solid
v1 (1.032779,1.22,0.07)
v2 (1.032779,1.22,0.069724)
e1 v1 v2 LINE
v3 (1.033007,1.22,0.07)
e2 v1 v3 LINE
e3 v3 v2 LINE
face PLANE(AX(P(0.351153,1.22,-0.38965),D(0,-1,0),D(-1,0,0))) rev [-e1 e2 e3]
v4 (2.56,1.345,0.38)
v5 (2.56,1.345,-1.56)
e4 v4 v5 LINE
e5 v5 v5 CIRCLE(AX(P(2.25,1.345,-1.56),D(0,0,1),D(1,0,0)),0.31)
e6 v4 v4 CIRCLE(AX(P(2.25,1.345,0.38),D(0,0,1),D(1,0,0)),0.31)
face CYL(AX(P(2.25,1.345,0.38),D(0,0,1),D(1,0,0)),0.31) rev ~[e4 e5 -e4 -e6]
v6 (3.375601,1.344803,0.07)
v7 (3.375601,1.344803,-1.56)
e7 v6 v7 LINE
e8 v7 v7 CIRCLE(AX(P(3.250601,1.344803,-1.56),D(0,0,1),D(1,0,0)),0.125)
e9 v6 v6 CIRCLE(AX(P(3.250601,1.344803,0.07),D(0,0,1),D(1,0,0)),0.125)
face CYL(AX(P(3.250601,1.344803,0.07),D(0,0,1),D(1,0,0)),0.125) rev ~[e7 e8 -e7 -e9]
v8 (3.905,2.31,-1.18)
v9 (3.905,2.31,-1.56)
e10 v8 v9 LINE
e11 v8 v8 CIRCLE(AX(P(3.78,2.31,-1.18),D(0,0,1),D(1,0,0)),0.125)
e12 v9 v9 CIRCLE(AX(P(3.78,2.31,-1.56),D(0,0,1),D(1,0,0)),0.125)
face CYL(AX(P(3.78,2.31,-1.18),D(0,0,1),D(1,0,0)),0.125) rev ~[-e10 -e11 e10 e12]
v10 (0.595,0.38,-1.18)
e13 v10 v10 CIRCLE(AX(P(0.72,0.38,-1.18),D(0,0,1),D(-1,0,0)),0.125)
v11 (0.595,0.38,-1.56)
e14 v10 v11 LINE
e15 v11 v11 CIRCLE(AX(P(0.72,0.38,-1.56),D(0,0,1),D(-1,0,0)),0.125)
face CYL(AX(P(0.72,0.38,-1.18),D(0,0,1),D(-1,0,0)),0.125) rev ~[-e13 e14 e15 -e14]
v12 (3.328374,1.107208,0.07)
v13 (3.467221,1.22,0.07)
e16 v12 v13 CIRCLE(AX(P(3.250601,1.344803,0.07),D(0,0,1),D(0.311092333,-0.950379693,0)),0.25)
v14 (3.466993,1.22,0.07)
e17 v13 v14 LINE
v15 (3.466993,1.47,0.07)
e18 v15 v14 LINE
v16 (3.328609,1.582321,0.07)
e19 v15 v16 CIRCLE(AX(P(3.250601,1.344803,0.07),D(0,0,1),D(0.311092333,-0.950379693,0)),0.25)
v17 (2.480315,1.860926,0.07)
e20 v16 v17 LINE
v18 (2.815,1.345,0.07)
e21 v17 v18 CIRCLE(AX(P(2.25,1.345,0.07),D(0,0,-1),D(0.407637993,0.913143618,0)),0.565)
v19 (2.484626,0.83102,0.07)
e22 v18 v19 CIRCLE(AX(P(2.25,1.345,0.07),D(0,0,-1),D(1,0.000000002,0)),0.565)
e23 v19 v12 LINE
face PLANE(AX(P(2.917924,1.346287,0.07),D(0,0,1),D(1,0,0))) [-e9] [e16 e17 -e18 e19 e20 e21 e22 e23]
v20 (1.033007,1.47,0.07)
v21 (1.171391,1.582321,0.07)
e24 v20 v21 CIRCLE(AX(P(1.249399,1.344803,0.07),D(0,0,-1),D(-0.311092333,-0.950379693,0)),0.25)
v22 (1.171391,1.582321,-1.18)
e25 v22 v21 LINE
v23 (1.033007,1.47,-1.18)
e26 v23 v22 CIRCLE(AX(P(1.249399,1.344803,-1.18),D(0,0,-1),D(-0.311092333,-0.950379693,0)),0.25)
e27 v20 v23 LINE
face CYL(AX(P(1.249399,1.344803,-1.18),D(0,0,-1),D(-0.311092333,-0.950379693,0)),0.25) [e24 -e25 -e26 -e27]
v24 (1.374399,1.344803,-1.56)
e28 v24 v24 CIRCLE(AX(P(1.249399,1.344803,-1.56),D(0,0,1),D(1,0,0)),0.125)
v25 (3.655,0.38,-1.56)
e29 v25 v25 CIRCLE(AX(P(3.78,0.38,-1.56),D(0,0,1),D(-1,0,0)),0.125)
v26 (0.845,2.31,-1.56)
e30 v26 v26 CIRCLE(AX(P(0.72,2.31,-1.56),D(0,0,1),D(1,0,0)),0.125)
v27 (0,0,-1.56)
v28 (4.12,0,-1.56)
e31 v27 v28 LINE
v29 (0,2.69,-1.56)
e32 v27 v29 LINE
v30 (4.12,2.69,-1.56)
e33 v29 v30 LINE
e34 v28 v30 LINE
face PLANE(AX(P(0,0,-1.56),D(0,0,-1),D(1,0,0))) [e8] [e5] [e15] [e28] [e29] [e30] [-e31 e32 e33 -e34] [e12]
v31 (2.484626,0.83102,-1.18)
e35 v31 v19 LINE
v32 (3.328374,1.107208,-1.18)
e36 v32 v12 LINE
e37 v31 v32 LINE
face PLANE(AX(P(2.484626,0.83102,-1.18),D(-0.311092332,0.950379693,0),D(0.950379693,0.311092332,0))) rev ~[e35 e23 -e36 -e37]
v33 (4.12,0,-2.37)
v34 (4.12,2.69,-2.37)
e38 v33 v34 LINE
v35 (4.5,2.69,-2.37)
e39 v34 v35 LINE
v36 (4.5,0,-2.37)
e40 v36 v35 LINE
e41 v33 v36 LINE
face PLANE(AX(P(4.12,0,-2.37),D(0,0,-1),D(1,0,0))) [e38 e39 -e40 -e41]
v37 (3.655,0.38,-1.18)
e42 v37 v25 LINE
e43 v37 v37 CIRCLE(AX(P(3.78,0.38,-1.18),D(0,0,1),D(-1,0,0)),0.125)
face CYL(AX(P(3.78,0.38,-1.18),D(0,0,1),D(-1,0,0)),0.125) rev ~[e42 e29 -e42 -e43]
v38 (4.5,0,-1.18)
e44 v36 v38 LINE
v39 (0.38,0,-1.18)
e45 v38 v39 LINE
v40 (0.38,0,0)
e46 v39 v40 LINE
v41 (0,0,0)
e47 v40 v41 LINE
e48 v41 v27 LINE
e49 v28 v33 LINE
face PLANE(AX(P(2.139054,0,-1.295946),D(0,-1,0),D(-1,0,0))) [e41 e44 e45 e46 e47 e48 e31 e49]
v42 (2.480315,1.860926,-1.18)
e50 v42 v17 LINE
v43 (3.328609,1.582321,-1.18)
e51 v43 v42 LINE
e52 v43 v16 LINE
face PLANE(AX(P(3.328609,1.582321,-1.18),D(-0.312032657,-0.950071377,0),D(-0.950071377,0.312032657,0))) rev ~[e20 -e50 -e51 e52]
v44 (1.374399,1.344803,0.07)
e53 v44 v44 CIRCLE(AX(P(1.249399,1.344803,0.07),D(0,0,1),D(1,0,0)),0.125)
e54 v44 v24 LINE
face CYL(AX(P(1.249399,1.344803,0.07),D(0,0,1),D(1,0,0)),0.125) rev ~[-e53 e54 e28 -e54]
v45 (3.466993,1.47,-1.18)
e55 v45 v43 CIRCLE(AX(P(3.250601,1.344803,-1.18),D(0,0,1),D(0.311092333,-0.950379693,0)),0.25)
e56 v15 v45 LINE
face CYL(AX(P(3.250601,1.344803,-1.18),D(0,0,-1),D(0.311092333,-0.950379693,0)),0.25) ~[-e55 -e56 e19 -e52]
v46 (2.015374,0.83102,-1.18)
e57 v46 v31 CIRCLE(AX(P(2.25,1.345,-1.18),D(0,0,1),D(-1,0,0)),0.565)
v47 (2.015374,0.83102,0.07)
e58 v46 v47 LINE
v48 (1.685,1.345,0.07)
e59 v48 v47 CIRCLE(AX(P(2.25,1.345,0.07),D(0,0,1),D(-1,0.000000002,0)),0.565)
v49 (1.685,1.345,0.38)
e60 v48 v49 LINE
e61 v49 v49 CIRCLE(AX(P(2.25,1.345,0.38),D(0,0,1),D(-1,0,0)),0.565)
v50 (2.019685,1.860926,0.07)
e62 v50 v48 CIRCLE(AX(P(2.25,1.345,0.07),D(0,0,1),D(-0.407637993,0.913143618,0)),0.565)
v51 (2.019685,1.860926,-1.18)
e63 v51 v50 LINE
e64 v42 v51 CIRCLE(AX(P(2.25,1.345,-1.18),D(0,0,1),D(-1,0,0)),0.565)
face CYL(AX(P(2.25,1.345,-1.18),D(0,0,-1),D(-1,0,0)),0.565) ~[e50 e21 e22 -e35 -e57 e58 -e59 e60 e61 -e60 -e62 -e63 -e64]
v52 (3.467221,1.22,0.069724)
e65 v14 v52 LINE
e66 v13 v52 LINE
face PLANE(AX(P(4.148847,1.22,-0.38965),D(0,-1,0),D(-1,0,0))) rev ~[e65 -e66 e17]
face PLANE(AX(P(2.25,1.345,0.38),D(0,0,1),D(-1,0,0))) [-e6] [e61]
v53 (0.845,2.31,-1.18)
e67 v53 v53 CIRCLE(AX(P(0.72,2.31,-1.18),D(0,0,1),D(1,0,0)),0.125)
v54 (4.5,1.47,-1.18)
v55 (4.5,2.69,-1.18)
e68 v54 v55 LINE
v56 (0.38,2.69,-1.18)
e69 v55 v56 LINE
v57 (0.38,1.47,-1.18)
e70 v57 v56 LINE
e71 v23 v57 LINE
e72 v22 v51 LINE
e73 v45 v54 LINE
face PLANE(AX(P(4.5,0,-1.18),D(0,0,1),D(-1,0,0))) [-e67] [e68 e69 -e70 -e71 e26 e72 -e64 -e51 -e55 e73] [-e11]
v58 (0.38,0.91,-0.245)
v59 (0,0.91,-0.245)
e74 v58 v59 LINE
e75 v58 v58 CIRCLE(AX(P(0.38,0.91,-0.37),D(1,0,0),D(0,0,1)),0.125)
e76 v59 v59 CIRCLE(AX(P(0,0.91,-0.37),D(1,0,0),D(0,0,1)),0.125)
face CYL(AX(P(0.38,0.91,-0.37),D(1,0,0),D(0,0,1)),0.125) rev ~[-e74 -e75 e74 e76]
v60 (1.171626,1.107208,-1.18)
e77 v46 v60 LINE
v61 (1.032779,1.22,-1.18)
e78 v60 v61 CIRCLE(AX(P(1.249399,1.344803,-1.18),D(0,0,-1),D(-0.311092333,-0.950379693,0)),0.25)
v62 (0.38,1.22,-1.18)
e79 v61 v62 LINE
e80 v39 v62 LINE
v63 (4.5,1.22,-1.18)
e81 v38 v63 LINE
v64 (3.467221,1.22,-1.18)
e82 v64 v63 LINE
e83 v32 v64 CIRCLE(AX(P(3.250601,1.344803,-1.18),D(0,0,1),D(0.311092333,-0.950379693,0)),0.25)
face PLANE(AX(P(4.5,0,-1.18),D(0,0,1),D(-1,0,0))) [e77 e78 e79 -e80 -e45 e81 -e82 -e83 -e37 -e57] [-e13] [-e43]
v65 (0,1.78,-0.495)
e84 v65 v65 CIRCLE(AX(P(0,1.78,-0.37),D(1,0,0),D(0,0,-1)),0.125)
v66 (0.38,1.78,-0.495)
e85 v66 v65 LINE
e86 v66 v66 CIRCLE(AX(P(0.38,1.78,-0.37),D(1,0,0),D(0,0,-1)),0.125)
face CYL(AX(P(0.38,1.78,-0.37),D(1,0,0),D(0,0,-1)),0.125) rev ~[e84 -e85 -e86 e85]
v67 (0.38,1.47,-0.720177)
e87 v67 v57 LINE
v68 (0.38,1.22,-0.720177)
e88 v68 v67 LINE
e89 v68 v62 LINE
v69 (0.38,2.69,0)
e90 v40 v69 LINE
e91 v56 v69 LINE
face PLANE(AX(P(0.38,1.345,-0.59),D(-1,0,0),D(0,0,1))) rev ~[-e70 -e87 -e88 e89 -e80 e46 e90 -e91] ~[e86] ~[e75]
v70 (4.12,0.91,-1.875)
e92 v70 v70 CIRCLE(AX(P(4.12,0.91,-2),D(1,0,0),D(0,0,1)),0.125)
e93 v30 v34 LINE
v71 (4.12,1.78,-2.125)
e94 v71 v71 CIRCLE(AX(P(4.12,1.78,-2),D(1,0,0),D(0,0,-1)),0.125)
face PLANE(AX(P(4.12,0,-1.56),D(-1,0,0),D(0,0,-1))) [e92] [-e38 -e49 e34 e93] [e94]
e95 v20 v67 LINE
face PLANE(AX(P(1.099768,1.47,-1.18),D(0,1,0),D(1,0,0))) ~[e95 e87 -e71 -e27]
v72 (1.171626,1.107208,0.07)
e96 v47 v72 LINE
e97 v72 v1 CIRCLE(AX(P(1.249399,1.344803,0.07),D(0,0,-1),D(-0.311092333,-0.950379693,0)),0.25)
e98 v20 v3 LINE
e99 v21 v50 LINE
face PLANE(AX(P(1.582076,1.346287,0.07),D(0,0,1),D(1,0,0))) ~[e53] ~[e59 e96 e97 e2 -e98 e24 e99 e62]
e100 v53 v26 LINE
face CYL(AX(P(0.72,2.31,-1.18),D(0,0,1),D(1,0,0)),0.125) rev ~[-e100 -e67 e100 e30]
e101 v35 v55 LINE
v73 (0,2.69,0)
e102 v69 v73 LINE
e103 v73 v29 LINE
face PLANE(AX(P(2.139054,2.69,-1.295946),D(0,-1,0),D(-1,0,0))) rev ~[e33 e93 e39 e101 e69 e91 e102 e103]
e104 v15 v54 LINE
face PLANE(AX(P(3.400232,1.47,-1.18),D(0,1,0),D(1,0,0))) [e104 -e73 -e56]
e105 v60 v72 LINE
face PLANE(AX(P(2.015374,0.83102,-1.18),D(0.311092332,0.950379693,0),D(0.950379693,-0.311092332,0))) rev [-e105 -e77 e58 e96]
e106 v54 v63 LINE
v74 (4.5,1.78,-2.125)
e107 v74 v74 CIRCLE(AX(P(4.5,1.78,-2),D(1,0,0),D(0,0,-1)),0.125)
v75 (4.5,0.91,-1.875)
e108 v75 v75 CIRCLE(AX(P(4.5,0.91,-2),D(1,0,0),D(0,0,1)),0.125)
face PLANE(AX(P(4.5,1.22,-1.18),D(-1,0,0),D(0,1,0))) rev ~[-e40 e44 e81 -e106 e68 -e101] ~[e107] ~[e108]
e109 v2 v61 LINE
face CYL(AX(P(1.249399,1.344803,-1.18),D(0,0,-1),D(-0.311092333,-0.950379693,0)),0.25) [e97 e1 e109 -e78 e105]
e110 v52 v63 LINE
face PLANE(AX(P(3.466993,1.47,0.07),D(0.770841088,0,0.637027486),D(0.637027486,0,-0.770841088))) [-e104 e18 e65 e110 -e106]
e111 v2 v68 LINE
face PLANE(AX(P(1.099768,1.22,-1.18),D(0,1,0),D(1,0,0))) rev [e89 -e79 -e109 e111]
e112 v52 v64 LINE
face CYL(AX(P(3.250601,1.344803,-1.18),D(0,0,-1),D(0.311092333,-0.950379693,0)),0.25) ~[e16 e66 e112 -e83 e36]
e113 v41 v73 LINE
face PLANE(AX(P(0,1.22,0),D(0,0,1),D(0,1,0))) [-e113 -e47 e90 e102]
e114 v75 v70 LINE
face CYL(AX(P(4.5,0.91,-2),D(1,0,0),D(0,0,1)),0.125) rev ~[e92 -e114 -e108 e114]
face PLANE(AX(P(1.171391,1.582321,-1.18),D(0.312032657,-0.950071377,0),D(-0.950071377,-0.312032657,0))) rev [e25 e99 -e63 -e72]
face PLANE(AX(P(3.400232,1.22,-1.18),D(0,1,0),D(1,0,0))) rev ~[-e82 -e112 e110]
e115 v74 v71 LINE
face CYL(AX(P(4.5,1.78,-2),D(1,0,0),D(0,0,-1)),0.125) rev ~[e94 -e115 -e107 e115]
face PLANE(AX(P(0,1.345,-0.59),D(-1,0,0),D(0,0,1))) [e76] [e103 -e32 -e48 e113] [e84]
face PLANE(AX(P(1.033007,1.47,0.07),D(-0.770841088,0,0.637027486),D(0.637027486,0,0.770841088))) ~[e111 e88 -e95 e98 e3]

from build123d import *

# Parameters (mm, degrees)
BOSS_EXTRUDE1_DEPTH  = 2.69
SKETCH3_R            = 0.125
CUT_EXTRUDE2_DEPTH   = 10
SKETCH5_R            = 0.125
CUT_EXTRUDE4_DEPTH   = 10
SKETCH2_R            = 0.125
CUT_EXTRUDE5_DEPTH   = 10
SKETCH6_R            = 0.565
BOSS_EXTRUDE2_DEPTH  = 1.56
SKETCH8_R            = 0.31
CUT_EXTRUDE6_DEPTH   = 10
BOSS_EXTRUDE7_DEPTH  = 1.25
SKETCH22_R           = 0.125
CUT_EXTRUDE8_DEPTH   = 10
SKETCH23_R           = 0.125
CUT_EXTRUDE9_DEPTH   = 10
SKETCH25_W           = 1.099767666
SKETCH25_H           = 0.25
BOSS_EXTRUDE8_DEPTH  = 1.25
CUT_EXTRUDE13_DEPTH  = 0.25
SKETCH30_W           = 1.18
SKETCH30_H           = 0.25
BOSS_EXTRUDE10_DEPTH = 0.38


with BuildPart() as part:
    # Sketch1 → Boss-Extrude1 (new body)
    with BuildSketch(Plane(origin=(0, 0, 0), x_dir=(1, 0, 0), z_dir=(0, 1, 0))):
        Polygon((0, 0), (0, 1.56), (4.12, 1.56), (4.12, 2.37), (4.5, 2.37), (4.5, 1.18), (0.38, 1.18), (0.38, 0), align=None)
    extrude(amount=BOSS_EXTRUDE1_DEPTH)

    # Sketch3 → Cut-Extrude2 (cut)
    with BuildSketch(Plane(origin=(4.5, 0, 0), x_dir=(0, 0, -1), z_dir=(1, 0, 0))):
        with Locations((2, 1.78)):
            Circle(SKETCH3_R)
        with Locations(Location((2, 0.91, 0), (0, 0, 180))):
            Circle(SKETCH3_R)
    extrude(amount=-CUT_EXTRUDE2_DEPTH, mode=Mode.SUBTRACT)

    # Sketch5 → Cut-Extrude4 (cut)
    with BuildSketch(Plane(origin=(0.38, 0, 0), x_dir=(0, 0, -1), z_dir=(1, 0, 0))):
        with Locations((0.37, 1.78)):
            Circle(SKETCH5_R)
        with Locations(Location((0.37, 0.91, 0), (0, 0, 180))):
            Circle(SKETCH5_R)
    extrude(amount=-CUT_EXTRUDE4_DEPTH, mode=Mode.SUBTRACT)

    # Sketch2 → Cut-Extrude5 (cut)
    with BuildSketch(Plane.XY.offset(-1.18)):
        with Locations((3.78, 2.31)):
            Circle(SKETCH2_R)
        with Locations(Location((3.78, 0.38, 0), (0, 0, 180))):
            Circle(SKETCH2_R)
        with Locations((0.72, 2.31)):
            Circle(SKETCH2_R)
        with Locations(Location((0.72, 0.38, 0), (0, 0, 180))):
            Circle(SKETCH2_R)
    extrude(amount=-CUT_EXTRUDE5_DEPTH, mode=Mode.SUBTRACT)

    # Sketch6 → Boss-Extrude2 (add)
    with BuildSketch(Plane.XY.offset(-1.18)):
        with Locations(Location((2.25, 1.345, 0), (0, 0, 180))):
            Circle(SKETCH6_R)
    extrude(amount=BOSS_EXTRUDE2_DEPTH)

    # Sketch8 → Cut-Extrude6 (cut)
    with BuildSketch(Plane.XY.offset(0.38)):
        with Locations((2.25, 1.345)):
            Circle(SKETCH8_R)
    extrude(amount=-CUT_EXTRUDE6_DEPTH, mode=Mode.SUBTRACT)

    # Sketch14 → Boss-Extrude7 (add)
    with BuildSketch(Plane.XY.offset(-1.18)):
        with BuildLine():
            Line((3.328608678, 1.582320566), (2.480315468, 1.860926143))
            ThreePointArc((2.480315468, 1.860926143), (2.724000654, 1.652487204), (2.815, 1.345))
            ThreePointArc((2.815, 1.345), (2.725283564, 1.039499535), (2.484626428, 0.831020001))
            Line((2.484626428, 0.831020001), (3.328373597, 1.107207799))
            ThreePointArc((3.328373597, 1.107207799), (3.500600483, 1.344679025), (3.328608678, 1.582320566))
        make_face()
    boss_extrude7 = extrude(amount=BOSS_EXTRUDE7_DEPTH)

    # Mirror2: Boss-Extrude7 across plane
    add(boss_extrude7.mirror(Plane.ZY.offset(-2.25)))

    # Sketch22 → Cut-Extrude8 (cut)
    with BuildSketch(Plane.XY.offset(0.07)):
        with Locations((3.250600514, 1.344802722)):
            Circle(SKETCH22_R)
    extrude(amount=-CUT_EXTRUDE8_DEPTH, mode=Mode.SUBTRACT)

    # Sketch23 → Cut-Extrude9 (cut)
    with BuildSketch(Plane.XY.offset(0.07)):
        with Locations((1.249399486, 1.344802722)):
            Circle(SKETCH23_R)
    extrude(amount=-CUT_EXTRUDE9_DEPTH, mode=Mode.SUBTRACT)

    # Sketch25 → Boss-Extrude8 (add)
    with BuildSketch(Plane.XY.offset(-1.18)):
        with Locations((3.950116167, 1.345)):
            Rectangle(SKETCH25_W, SKETCH25_H)
    boss_extrude8 = extrude(amount=BOSS_EXTRUDE8_DEPTH)

    # Mirror3: Boss-Extrude8 across plane
    add(boss_extrude8.mirror(Plane.ZY.offset(-2.25)))

    # Sketch27 → Cut-Extrude13 (cut)
    with BuildSketch(Plane(origin=(0, 1.47, 0), x_dir=(1, 0, 0), z_dir=(0, 1, 0))):
        Polygon((3.466992847, -0.07), (4.5, 1.18), (4.5, -0.07), align=None)
    cut_extrude13 = extrude(amount=-CUT_EXTRUDE13_DEPTH, mode=Mode.SUBTRACT)

    # Mirror4: Cut-Extrude13 across plane
    add(cut_extrude13.mirror(Plane.ZY.offset(-2.25)), mode=Mode.SUBTRACT)

    # Sketch30 → Boss-Extrude10 (add)
    with BuildSketch(Plane.ZY):
        with Locations((-0.59, 1.345)):
            Rectangle(SKETCH30_W, SKETCH30_H)
    extrude(amount=-BOSS_EXTRUDE10_DEPTH)


solid = part.part
